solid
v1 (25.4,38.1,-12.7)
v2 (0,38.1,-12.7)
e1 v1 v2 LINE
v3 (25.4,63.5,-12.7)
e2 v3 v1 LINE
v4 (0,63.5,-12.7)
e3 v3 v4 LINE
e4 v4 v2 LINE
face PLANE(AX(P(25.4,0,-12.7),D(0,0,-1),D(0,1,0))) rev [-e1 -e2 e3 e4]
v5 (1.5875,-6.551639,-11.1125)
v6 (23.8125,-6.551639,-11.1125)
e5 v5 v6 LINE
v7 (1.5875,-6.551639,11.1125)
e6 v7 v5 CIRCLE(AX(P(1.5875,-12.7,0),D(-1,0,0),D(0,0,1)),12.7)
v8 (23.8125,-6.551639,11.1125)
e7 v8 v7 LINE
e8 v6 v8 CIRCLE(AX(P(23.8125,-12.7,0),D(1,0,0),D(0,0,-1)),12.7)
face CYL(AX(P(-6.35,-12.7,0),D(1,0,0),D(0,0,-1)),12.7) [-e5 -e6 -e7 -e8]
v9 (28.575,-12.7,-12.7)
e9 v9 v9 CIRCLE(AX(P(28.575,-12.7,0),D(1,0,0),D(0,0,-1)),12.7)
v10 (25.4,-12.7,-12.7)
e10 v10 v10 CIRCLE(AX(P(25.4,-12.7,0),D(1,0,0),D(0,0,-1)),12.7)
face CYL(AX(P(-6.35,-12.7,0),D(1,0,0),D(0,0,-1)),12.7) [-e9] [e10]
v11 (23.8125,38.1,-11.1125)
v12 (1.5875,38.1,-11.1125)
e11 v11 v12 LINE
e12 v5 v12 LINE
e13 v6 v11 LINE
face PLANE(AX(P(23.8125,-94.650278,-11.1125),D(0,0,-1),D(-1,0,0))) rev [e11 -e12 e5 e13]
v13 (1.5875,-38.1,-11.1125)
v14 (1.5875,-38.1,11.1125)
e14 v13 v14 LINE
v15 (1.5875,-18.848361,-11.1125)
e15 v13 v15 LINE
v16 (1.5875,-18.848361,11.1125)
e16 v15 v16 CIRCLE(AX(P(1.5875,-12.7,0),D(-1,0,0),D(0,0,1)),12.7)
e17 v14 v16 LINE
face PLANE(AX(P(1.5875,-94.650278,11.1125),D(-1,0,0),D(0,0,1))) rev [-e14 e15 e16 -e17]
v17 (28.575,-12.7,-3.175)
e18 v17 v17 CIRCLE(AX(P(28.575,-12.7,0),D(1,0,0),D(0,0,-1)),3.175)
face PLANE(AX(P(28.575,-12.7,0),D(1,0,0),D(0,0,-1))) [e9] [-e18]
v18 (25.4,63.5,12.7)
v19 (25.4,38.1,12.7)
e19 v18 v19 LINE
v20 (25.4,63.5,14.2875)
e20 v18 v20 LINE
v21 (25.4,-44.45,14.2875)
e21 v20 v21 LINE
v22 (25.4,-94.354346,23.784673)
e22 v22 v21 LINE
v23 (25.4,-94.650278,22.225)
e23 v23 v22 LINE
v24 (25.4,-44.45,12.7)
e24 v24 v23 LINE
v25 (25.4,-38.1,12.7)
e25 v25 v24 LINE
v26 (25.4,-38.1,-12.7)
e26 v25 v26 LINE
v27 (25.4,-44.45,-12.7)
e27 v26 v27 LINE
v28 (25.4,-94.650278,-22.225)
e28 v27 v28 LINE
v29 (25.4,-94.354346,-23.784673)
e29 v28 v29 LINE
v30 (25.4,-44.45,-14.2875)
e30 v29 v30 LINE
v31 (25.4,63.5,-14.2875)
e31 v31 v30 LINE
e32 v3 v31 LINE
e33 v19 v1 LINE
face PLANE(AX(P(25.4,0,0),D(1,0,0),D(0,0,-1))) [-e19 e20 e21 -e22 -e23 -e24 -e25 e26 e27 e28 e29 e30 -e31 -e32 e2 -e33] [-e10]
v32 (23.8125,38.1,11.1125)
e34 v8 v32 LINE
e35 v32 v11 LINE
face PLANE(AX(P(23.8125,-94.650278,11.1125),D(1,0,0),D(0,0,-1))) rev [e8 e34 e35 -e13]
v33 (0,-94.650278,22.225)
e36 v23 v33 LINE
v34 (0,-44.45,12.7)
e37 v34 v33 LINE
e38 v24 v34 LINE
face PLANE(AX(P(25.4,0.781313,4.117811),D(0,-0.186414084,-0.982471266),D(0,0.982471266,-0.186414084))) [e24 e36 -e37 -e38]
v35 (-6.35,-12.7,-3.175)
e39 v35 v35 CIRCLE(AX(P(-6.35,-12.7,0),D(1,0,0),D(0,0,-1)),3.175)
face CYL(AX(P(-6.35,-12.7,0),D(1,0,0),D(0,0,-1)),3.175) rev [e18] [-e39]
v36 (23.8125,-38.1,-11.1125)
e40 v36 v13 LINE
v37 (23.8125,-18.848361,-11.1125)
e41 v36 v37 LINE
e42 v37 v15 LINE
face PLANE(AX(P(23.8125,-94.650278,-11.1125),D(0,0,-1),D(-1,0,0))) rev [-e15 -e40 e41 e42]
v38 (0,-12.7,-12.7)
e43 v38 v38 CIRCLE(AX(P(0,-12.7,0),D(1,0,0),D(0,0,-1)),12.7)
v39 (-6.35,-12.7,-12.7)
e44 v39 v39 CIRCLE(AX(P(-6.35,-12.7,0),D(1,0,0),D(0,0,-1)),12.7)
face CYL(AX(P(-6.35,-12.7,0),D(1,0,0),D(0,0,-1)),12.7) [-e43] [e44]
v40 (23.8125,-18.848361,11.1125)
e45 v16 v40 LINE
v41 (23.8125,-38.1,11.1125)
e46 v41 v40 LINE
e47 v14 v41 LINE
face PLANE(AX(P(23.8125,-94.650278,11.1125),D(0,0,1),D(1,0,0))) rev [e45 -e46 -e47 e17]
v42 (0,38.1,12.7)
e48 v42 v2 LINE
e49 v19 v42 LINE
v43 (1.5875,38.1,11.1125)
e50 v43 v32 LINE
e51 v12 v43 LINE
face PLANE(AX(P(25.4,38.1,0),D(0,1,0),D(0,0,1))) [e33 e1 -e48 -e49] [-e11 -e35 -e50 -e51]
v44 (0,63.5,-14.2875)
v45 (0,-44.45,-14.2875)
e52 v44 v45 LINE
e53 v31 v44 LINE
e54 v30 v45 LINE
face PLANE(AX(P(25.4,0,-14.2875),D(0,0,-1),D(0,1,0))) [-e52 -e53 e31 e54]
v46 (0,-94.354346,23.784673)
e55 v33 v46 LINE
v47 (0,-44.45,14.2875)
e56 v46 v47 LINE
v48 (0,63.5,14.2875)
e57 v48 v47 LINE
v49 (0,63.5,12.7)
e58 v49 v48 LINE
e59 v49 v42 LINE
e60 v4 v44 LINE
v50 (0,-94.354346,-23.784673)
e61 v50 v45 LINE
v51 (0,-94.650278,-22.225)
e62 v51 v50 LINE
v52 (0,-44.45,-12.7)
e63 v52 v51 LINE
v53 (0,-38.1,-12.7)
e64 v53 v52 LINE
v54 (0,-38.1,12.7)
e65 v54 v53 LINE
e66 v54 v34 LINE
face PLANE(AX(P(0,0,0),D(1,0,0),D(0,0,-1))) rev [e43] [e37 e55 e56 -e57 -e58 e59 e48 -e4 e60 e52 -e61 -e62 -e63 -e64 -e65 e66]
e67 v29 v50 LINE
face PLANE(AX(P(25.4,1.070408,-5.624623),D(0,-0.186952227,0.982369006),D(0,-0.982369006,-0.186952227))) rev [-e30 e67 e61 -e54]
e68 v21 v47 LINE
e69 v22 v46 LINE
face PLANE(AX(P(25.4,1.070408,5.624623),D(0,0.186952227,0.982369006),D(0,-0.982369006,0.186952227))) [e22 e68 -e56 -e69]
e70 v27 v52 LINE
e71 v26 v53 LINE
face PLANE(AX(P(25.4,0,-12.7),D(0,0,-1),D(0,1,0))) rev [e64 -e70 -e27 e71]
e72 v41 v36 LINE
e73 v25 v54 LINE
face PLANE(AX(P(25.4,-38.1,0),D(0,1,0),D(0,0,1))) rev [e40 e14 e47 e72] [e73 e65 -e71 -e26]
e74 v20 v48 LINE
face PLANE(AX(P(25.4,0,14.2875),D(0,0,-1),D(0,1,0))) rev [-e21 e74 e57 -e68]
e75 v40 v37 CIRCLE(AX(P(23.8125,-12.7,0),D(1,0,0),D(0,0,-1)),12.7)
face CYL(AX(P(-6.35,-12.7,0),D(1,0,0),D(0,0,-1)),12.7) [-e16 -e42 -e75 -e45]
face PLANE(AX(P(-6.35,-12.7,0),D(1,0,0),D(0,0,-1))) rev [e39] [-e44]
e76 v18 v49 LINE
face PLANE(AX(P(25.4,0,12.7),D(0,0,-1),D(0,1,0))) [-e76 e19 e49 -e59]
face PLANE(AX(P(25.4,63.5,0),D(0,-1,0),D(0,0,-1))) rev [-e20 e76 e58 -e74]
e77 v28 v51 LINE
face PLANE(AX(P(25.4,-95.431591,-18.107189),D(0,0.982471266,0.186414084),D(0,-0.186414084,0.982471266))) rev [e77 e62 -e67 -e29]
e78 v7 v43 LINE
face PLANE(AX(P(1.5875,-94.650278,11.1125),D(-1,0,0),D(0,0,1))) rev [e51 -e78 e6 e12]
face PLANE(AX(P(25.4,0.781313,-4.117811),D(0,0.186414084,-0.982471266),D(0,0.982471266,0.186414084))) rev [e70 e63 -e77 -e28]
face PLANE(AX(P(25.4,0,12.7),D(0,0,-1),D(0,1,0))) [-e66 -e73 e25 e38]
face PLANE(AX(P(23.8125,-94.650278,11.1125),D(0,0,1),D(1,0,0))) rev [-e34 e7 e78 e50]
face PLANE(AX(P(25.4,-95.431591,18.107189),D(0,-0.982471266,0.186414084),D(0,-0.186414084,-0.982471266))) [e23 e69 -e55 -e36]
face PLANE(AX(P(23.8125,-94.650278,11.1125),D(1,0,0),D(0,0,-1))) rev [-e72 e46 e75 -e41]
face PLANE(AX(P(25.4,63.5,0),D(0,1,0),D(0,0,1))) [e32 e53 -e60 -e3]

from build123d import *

# Parameters (mm, degrees)
BOSS_EXTRUDE1_DEPTH      = 25.4
SKETCH2_W                = 22.225
SKETCH2_H                = 22.225
CUT_EXTRUDE1_DEPTH       = 138.235224905
BOSS_EXTRUDE2_DEPTH      = 3.175
BOSS_EXTRUDE2_DEPTH_BACK = 31.75
SKETCH3_R                = 12.7
SKETCH4_R                = 3.175
CUT_EXTRUDE3_DEPTH       = 104.653950262


with BuildPart() as part:
    # Sketch1 → Boss-Extrude1 (new body)
    with BuildSketch(Plane(origin=(0, 0, 0), x_dir=(0, 0, -1), z_dir=(1, 0, 0))):
        Polygon((23.784673135, -94.354345527), (14.2875, -44.45), (14.2875, 63.5), (12.7, 63.5), (12.7, 38.1), (-12.7, 38.1), (-12.7, 63.5), (-14.2875, 63.5), (-14.2875, -44.45), (-23.784673135, -94.354345527), (-22.225, -94.650277885), (-12.7, -44.45), (-12.7, -38.1), (12.7, -38.1), (12.7, -44.45), (22.225, -94.650277885), align=None)
    extrude(amount=BOSS_EXTRUDE1_DEPTH)

    # Sketch2 → Cut-Extrude1 (cut, through all)
    with BuildSketch(Plane(origin=(0, 38.1, 0), x_dir=(1, 0, 0), z_dir=(0, 1, 0))):
        with Locations((12.7, 0)):
            Rectangle(SKETCH2_W, SKETCH2_H)
    extrude(amount=-CUT_EXTRUDE1_DEPTH, mode=Mode.SUBTRACT)

    # Sketch3 → Boss-Extrude2 (add, two sides: drawn at the far end of the back side and taken through both)
    with BuildSketch(Plane(origin=(25.4, 0, 0), x_dir=(0, 0, -1), z_dir=(1, 0, 0)).offset(-BOSS_EXTRUDE2_DEPTH_BACK)):
        with Locations((0, -12.7)):
            Circle(SKETCH3_R)
    extrude(amount=BOSS_EXTRUDE2_DEPTH + BOSS_EXTRUDE2_DEPTH_BACK)

    # Sketch4 → Cut-Extrude3 (cut, through all)
    with BuildSketch(Plane(origin=(28.575, 0, 0), x_dir=(0, 0, -1), z_dir=(1, 0, 0))):
        with Locations((0, -12.7)):
            Circle(SKETCH4_R)
    extrude(amount=-CUT_EXTRUDE3_DEPTH, mode=Mode.SUBTRACT)


solid = part.part
